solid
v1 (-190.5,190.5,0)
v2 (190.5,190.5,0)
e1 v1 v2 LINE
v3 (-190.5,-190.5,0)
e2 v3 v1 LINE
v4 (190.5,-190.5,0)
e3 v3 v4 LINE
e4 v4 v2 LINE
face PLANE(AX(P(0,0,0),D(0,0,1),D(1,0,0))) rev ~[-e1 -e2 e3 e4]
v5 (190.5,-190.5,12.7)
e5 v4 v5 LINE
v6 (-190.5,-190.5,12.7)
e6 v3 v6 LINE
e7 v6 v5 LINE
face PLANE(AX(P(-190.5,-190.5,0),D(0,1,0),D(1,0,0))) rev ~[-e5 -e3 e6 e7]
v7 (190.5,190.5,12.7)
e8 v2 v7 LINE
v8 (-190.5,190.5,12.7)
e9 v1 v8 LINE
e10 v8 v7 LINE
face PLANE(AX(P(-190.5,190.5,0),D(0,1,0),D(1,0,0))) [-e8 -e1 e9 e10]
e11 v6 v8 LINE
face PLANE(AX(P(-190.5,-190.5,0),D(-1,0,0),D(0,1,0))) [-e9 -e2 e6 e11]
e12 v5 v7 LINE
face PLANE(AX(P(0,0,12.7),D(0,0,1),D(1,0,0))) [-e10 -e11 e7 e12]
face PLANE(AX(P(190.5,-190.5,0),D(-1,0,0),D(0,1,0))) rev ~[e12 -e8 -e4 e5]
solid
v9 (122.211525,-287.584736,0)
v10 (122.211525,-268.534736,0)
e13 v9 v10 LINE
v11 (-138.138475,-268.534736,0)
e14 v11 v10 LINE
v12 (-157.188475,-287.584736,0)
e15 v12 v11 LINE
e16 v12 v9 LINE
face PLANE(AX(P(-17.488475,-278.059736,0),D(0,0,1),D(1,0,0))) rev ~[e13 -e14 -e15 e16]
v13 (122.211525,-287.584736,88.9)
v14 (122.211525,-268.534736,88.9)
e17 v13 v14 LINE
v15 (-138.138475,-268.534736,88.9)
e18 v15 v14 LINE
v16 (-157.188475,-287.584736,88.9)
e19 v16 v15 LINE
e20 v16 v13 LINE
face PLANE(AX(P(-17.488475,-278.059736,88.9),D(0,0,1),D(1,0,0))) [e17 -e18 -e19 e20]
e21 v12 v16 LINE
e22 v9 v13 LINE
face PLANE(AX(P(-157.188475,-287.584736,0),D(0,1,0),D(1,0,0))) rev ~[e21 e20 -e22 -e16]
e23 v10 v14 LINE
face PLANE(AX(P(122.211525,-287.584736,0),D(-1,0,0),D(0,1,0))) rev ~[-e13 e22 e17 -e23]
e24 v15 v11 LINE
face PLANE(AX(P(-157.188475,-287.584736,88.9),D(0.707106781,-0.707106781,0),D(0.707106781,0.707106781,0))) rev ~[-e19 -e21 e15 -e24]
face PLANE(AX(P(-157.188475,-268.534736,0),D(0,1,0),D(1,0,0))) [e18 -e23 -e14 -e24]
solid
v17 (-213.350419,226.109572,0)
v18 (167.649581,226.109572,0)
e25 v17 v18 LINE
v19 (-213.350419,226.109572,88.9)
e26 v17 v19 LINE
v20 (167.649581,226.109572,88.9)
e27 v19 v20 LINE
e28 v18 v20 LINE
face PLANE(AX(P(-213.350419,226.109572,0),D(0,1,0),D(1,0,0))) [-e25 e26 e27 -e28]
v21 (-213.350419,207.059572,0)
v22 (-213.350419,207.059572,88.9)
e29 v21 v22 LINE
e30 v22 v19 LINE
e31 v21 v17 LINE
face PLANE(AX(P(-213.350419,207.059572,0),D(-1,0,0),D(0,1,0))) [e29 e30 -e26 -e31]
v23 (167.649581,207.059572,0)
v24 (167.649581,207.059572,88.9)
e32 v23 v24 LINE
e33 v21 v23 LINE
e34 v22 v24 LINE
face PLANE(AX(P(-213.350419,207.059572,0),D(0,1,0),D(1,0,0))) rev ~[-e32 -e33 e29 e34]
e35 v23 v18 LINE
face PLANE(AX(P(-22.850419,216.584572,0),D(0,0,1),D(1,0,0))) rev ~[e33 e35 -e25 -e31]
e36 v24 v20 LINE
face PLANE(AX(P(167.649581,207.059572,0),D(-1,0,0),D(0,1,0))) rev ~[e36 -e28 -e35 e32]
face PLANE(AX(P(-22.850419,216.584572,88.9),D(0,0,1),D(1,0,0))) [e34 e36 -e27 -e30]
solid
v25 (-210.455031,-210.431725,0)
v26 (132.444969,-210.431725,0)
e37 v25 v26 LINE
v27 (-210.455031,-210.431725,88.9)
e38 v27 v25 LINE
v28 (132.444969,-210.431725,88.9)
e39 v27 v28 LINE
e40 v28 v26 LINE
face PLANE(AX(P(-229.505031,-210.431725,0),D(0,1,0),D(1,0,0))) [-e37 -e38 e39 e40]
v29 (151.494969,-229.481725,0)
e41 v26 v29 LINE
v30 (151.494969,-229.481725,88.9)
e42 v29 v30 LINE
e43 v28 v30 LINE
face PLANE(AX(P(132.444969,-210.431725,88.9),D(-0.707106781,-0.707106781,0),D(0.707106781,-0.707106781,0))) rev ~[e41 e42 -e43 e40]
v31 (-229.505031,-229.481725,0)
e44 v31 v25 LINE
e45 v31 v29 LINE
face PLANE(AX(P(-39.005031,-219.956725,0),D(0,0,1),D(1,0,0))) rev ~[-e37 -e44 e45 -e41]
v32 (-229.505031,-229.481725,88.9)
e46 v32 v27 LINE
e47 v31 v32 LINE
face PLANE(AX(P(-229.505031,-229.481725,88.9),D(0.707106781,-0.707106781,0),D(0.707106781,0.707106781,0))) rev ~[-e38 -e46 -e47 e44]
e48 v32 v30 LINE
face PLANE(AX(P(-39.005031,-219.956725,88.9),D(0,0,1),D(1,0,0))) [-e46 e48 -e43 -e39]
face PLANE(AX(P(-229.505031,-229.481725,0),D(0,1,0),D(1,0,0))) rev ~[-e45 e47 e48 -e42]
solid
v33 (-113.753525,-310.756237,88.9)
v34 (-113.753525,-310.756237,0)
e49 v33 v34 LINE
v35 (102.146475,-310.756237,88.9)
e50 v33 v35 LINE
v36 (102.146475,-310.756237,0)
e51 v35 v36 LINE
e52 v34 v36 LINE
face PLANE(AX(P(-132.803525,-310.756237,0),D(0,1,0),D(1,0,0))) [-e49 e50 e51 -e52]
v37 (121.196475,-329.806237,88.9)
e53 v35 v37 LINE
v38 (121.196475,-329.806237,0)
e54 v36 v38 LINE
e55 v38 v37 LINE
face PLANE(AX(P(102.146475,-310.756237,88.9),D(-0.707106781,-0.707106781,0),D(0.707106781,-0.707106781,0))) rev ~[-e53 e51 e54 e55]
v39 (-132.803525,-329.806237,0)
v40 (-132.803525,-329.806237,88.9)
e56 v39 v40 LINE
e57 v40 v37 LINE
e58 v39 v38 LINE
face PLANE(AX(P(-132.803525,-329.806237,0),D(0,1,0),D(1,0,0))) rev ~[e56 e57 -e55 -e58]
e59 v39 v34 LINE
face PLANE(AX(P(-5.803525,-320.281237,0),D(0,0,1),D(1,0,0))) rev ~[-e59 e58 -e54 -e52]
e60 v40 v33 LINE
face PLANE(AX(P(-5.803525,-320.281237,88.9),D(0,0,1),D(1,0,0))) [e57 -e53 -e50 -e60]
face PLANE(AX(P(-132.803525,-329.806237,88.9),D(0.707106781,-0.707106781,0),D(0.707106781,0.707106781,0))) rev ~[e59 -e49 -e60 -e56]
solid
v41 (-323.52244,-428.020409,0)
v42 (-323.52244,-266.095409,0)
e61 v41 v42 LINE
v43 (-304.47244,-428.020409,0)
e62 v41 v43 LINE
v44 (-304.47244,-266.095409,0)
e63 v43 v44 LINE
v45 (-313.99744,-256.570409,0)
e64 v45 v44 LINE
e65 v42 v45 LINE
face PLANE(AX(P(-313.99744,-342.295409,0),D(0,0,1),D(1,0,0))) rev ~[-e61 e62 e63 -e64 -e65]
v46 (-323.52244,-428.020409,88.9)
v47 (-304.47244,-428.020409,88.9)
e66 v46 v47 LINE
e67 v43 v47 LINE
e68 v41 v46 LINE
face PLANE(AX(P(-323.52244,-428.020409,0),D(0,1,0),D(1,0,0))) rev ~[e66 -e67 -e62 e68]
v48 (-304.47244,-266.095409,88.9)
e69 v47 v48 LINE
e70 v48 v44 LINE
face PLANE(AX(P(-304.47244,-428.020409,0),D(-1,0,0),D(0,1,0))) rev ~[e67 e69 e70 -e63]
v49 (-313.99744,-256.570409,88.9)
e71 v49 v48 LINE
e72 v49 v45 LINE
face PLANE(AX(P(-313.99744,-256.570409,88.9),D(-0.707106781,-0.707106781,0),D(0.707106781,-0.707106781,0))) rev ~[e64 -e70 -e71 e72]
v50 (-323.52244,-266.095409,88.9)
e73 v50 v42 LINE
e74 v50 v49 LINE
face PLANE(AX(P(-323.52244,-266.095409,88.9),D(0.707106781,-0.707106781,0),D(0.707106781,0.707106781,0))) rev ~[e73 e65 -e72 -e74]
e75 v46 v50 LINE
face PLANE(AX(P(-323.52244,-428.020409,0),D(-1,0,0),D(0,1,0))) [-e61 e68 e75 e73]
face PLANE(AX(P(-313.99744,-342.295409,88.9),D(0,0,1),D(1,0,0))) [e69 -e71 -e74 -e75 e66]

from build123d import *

# Parameters (mm, degrees)
F0_W      = 381
F0_H      = 381
F1_DEPTH  = 12.7
F2_W      = 381
F2_H      = 19.05
F3_DEPTH  = 88.9
F4_W      = 381
F4_H      = 19.05
F5_DEPTH  = 88.9
F7_DEPTH  = 88.901
F8_W      = 279.4
F8_H      = 19.05
F9_DEPTH  = 88.9
F10_W     = 254
F10_H     = 19.05
F11_DEPTH = 88.9
F13_DEPTH = 88.901
F15_DEPTH = 88.901
F16_W     = 19.05
F16_H     = 171.45
F17_DEPTH = 88.9
F19_DEPTH = 88.901


with BuildPart() as f1:
    # F0 (on Top) → F1 (new body)
    with BuildSketch(Plane.XY):
        Rectangle(F0_W, F0_H)
    extrude(amount=F1_DEPTH)


with BuildPart() as f3:
    # F2 (on Top) → F3 (new body)
    with BuildSketch(Plane.XY):
        with Locations((-22.850419, 216.584572)):
            Rectangle(F2_W, F2_H)
    extrude(amount=F3_DEPTH)


with BuildPart() as f5:
    # F4 (on Top) → F5 (new body)
    with BuildSketch(Plane.XY):
        with Locations((-39.005031, -219.956725)):
            Rectangle(F4_W, F4_H)
    extrude(amount=F5_DEPTH)

    # F6 (on face) → F7 (cut, through all)
    with BuildSketch(Plane.XY.offset(88.9)):
        Polygon((-210.455031, -210.431725), (-229.505031, -210.431725), (-229.505031, -229.481725), align=None)
        Polygon((151.494969, -229.481725), (151.494969, -210.431725), (132.444969, -210.431725), align=None)
    extrude(amount=-F7_DEPTH, mode=Mode.SUBTRACT)


with BuildPart() as f9:
    # F8 (on Top) → F9 (new body)
    with BuildSketch(Plane.XY):
        with Locations((-17.488475, -278.059736)):
            Rectangle(F8_W, F8_H)
    extrude(amount=F9_DEPTH)

    # F12 (on face) → F13 (cut, through all)
    with BuildSketch(Plane.XY.offset(88.9)):
        Polygon((-138.138475, -268.534736), (-157.188475, -268.534736), (-157.188475, -287.584736), align=None)
    extrude(amount=-F13_DEPTH, mode=Mode.SUBTRACT)


with BuildPart() as f11:
    # F10 (on Top) → F11 (new body)
    with BuildSketch(Plane.XY):
        with Locations((-5.803525, -320.281237)):
            Rectangle(F10_W, F10_H)
    extrude(amount=F11_DEPTH)

    # F14 (on face) → F15 (cut, through all)
    with BuildSketch(Plane.XY.offset(88.9)):
        Polygon((-132.803525, -310.756237), (-132.803525, -329.806237), (-113.753525, -310.756237), align=None)
        Polygon((121.196475, -310.756237), (102.146475, -310.756237), (121.196475, -329.806237), align=None)
    extrude(amount=-F15_DEPTH, mode=Mode.SUBTRACT)


with BuildPart() as f17:
    # F16 (on Top) → F17 (new body)
    with BuildSketch(Plane.XY):
        with Locations((-313.99744, -342.295409)):
            Rectangle(F16_W, F16_H)
    extrude(amount=F17_DEPTH)

    # F18 (on face) → F19 (cut, through all)
    with BuildSketch(Plane.XY.offset(88.9)):
        Polygon((-323.52244, -256.570409), (-323.52244, -266.095409), (-313.99744, -256.570409), align=None)
        Polygon((-304.47244, -256.570409), (-313.99744, -256.570409), (-304.47244, -266.095409), align=None)
    extrude(amount=-F19_DEPTH, mode=Mode.SUBTRACT)


solid = Compound([f1.part, f3.part, f5.part, f9.part, f11.part, f17.part])
